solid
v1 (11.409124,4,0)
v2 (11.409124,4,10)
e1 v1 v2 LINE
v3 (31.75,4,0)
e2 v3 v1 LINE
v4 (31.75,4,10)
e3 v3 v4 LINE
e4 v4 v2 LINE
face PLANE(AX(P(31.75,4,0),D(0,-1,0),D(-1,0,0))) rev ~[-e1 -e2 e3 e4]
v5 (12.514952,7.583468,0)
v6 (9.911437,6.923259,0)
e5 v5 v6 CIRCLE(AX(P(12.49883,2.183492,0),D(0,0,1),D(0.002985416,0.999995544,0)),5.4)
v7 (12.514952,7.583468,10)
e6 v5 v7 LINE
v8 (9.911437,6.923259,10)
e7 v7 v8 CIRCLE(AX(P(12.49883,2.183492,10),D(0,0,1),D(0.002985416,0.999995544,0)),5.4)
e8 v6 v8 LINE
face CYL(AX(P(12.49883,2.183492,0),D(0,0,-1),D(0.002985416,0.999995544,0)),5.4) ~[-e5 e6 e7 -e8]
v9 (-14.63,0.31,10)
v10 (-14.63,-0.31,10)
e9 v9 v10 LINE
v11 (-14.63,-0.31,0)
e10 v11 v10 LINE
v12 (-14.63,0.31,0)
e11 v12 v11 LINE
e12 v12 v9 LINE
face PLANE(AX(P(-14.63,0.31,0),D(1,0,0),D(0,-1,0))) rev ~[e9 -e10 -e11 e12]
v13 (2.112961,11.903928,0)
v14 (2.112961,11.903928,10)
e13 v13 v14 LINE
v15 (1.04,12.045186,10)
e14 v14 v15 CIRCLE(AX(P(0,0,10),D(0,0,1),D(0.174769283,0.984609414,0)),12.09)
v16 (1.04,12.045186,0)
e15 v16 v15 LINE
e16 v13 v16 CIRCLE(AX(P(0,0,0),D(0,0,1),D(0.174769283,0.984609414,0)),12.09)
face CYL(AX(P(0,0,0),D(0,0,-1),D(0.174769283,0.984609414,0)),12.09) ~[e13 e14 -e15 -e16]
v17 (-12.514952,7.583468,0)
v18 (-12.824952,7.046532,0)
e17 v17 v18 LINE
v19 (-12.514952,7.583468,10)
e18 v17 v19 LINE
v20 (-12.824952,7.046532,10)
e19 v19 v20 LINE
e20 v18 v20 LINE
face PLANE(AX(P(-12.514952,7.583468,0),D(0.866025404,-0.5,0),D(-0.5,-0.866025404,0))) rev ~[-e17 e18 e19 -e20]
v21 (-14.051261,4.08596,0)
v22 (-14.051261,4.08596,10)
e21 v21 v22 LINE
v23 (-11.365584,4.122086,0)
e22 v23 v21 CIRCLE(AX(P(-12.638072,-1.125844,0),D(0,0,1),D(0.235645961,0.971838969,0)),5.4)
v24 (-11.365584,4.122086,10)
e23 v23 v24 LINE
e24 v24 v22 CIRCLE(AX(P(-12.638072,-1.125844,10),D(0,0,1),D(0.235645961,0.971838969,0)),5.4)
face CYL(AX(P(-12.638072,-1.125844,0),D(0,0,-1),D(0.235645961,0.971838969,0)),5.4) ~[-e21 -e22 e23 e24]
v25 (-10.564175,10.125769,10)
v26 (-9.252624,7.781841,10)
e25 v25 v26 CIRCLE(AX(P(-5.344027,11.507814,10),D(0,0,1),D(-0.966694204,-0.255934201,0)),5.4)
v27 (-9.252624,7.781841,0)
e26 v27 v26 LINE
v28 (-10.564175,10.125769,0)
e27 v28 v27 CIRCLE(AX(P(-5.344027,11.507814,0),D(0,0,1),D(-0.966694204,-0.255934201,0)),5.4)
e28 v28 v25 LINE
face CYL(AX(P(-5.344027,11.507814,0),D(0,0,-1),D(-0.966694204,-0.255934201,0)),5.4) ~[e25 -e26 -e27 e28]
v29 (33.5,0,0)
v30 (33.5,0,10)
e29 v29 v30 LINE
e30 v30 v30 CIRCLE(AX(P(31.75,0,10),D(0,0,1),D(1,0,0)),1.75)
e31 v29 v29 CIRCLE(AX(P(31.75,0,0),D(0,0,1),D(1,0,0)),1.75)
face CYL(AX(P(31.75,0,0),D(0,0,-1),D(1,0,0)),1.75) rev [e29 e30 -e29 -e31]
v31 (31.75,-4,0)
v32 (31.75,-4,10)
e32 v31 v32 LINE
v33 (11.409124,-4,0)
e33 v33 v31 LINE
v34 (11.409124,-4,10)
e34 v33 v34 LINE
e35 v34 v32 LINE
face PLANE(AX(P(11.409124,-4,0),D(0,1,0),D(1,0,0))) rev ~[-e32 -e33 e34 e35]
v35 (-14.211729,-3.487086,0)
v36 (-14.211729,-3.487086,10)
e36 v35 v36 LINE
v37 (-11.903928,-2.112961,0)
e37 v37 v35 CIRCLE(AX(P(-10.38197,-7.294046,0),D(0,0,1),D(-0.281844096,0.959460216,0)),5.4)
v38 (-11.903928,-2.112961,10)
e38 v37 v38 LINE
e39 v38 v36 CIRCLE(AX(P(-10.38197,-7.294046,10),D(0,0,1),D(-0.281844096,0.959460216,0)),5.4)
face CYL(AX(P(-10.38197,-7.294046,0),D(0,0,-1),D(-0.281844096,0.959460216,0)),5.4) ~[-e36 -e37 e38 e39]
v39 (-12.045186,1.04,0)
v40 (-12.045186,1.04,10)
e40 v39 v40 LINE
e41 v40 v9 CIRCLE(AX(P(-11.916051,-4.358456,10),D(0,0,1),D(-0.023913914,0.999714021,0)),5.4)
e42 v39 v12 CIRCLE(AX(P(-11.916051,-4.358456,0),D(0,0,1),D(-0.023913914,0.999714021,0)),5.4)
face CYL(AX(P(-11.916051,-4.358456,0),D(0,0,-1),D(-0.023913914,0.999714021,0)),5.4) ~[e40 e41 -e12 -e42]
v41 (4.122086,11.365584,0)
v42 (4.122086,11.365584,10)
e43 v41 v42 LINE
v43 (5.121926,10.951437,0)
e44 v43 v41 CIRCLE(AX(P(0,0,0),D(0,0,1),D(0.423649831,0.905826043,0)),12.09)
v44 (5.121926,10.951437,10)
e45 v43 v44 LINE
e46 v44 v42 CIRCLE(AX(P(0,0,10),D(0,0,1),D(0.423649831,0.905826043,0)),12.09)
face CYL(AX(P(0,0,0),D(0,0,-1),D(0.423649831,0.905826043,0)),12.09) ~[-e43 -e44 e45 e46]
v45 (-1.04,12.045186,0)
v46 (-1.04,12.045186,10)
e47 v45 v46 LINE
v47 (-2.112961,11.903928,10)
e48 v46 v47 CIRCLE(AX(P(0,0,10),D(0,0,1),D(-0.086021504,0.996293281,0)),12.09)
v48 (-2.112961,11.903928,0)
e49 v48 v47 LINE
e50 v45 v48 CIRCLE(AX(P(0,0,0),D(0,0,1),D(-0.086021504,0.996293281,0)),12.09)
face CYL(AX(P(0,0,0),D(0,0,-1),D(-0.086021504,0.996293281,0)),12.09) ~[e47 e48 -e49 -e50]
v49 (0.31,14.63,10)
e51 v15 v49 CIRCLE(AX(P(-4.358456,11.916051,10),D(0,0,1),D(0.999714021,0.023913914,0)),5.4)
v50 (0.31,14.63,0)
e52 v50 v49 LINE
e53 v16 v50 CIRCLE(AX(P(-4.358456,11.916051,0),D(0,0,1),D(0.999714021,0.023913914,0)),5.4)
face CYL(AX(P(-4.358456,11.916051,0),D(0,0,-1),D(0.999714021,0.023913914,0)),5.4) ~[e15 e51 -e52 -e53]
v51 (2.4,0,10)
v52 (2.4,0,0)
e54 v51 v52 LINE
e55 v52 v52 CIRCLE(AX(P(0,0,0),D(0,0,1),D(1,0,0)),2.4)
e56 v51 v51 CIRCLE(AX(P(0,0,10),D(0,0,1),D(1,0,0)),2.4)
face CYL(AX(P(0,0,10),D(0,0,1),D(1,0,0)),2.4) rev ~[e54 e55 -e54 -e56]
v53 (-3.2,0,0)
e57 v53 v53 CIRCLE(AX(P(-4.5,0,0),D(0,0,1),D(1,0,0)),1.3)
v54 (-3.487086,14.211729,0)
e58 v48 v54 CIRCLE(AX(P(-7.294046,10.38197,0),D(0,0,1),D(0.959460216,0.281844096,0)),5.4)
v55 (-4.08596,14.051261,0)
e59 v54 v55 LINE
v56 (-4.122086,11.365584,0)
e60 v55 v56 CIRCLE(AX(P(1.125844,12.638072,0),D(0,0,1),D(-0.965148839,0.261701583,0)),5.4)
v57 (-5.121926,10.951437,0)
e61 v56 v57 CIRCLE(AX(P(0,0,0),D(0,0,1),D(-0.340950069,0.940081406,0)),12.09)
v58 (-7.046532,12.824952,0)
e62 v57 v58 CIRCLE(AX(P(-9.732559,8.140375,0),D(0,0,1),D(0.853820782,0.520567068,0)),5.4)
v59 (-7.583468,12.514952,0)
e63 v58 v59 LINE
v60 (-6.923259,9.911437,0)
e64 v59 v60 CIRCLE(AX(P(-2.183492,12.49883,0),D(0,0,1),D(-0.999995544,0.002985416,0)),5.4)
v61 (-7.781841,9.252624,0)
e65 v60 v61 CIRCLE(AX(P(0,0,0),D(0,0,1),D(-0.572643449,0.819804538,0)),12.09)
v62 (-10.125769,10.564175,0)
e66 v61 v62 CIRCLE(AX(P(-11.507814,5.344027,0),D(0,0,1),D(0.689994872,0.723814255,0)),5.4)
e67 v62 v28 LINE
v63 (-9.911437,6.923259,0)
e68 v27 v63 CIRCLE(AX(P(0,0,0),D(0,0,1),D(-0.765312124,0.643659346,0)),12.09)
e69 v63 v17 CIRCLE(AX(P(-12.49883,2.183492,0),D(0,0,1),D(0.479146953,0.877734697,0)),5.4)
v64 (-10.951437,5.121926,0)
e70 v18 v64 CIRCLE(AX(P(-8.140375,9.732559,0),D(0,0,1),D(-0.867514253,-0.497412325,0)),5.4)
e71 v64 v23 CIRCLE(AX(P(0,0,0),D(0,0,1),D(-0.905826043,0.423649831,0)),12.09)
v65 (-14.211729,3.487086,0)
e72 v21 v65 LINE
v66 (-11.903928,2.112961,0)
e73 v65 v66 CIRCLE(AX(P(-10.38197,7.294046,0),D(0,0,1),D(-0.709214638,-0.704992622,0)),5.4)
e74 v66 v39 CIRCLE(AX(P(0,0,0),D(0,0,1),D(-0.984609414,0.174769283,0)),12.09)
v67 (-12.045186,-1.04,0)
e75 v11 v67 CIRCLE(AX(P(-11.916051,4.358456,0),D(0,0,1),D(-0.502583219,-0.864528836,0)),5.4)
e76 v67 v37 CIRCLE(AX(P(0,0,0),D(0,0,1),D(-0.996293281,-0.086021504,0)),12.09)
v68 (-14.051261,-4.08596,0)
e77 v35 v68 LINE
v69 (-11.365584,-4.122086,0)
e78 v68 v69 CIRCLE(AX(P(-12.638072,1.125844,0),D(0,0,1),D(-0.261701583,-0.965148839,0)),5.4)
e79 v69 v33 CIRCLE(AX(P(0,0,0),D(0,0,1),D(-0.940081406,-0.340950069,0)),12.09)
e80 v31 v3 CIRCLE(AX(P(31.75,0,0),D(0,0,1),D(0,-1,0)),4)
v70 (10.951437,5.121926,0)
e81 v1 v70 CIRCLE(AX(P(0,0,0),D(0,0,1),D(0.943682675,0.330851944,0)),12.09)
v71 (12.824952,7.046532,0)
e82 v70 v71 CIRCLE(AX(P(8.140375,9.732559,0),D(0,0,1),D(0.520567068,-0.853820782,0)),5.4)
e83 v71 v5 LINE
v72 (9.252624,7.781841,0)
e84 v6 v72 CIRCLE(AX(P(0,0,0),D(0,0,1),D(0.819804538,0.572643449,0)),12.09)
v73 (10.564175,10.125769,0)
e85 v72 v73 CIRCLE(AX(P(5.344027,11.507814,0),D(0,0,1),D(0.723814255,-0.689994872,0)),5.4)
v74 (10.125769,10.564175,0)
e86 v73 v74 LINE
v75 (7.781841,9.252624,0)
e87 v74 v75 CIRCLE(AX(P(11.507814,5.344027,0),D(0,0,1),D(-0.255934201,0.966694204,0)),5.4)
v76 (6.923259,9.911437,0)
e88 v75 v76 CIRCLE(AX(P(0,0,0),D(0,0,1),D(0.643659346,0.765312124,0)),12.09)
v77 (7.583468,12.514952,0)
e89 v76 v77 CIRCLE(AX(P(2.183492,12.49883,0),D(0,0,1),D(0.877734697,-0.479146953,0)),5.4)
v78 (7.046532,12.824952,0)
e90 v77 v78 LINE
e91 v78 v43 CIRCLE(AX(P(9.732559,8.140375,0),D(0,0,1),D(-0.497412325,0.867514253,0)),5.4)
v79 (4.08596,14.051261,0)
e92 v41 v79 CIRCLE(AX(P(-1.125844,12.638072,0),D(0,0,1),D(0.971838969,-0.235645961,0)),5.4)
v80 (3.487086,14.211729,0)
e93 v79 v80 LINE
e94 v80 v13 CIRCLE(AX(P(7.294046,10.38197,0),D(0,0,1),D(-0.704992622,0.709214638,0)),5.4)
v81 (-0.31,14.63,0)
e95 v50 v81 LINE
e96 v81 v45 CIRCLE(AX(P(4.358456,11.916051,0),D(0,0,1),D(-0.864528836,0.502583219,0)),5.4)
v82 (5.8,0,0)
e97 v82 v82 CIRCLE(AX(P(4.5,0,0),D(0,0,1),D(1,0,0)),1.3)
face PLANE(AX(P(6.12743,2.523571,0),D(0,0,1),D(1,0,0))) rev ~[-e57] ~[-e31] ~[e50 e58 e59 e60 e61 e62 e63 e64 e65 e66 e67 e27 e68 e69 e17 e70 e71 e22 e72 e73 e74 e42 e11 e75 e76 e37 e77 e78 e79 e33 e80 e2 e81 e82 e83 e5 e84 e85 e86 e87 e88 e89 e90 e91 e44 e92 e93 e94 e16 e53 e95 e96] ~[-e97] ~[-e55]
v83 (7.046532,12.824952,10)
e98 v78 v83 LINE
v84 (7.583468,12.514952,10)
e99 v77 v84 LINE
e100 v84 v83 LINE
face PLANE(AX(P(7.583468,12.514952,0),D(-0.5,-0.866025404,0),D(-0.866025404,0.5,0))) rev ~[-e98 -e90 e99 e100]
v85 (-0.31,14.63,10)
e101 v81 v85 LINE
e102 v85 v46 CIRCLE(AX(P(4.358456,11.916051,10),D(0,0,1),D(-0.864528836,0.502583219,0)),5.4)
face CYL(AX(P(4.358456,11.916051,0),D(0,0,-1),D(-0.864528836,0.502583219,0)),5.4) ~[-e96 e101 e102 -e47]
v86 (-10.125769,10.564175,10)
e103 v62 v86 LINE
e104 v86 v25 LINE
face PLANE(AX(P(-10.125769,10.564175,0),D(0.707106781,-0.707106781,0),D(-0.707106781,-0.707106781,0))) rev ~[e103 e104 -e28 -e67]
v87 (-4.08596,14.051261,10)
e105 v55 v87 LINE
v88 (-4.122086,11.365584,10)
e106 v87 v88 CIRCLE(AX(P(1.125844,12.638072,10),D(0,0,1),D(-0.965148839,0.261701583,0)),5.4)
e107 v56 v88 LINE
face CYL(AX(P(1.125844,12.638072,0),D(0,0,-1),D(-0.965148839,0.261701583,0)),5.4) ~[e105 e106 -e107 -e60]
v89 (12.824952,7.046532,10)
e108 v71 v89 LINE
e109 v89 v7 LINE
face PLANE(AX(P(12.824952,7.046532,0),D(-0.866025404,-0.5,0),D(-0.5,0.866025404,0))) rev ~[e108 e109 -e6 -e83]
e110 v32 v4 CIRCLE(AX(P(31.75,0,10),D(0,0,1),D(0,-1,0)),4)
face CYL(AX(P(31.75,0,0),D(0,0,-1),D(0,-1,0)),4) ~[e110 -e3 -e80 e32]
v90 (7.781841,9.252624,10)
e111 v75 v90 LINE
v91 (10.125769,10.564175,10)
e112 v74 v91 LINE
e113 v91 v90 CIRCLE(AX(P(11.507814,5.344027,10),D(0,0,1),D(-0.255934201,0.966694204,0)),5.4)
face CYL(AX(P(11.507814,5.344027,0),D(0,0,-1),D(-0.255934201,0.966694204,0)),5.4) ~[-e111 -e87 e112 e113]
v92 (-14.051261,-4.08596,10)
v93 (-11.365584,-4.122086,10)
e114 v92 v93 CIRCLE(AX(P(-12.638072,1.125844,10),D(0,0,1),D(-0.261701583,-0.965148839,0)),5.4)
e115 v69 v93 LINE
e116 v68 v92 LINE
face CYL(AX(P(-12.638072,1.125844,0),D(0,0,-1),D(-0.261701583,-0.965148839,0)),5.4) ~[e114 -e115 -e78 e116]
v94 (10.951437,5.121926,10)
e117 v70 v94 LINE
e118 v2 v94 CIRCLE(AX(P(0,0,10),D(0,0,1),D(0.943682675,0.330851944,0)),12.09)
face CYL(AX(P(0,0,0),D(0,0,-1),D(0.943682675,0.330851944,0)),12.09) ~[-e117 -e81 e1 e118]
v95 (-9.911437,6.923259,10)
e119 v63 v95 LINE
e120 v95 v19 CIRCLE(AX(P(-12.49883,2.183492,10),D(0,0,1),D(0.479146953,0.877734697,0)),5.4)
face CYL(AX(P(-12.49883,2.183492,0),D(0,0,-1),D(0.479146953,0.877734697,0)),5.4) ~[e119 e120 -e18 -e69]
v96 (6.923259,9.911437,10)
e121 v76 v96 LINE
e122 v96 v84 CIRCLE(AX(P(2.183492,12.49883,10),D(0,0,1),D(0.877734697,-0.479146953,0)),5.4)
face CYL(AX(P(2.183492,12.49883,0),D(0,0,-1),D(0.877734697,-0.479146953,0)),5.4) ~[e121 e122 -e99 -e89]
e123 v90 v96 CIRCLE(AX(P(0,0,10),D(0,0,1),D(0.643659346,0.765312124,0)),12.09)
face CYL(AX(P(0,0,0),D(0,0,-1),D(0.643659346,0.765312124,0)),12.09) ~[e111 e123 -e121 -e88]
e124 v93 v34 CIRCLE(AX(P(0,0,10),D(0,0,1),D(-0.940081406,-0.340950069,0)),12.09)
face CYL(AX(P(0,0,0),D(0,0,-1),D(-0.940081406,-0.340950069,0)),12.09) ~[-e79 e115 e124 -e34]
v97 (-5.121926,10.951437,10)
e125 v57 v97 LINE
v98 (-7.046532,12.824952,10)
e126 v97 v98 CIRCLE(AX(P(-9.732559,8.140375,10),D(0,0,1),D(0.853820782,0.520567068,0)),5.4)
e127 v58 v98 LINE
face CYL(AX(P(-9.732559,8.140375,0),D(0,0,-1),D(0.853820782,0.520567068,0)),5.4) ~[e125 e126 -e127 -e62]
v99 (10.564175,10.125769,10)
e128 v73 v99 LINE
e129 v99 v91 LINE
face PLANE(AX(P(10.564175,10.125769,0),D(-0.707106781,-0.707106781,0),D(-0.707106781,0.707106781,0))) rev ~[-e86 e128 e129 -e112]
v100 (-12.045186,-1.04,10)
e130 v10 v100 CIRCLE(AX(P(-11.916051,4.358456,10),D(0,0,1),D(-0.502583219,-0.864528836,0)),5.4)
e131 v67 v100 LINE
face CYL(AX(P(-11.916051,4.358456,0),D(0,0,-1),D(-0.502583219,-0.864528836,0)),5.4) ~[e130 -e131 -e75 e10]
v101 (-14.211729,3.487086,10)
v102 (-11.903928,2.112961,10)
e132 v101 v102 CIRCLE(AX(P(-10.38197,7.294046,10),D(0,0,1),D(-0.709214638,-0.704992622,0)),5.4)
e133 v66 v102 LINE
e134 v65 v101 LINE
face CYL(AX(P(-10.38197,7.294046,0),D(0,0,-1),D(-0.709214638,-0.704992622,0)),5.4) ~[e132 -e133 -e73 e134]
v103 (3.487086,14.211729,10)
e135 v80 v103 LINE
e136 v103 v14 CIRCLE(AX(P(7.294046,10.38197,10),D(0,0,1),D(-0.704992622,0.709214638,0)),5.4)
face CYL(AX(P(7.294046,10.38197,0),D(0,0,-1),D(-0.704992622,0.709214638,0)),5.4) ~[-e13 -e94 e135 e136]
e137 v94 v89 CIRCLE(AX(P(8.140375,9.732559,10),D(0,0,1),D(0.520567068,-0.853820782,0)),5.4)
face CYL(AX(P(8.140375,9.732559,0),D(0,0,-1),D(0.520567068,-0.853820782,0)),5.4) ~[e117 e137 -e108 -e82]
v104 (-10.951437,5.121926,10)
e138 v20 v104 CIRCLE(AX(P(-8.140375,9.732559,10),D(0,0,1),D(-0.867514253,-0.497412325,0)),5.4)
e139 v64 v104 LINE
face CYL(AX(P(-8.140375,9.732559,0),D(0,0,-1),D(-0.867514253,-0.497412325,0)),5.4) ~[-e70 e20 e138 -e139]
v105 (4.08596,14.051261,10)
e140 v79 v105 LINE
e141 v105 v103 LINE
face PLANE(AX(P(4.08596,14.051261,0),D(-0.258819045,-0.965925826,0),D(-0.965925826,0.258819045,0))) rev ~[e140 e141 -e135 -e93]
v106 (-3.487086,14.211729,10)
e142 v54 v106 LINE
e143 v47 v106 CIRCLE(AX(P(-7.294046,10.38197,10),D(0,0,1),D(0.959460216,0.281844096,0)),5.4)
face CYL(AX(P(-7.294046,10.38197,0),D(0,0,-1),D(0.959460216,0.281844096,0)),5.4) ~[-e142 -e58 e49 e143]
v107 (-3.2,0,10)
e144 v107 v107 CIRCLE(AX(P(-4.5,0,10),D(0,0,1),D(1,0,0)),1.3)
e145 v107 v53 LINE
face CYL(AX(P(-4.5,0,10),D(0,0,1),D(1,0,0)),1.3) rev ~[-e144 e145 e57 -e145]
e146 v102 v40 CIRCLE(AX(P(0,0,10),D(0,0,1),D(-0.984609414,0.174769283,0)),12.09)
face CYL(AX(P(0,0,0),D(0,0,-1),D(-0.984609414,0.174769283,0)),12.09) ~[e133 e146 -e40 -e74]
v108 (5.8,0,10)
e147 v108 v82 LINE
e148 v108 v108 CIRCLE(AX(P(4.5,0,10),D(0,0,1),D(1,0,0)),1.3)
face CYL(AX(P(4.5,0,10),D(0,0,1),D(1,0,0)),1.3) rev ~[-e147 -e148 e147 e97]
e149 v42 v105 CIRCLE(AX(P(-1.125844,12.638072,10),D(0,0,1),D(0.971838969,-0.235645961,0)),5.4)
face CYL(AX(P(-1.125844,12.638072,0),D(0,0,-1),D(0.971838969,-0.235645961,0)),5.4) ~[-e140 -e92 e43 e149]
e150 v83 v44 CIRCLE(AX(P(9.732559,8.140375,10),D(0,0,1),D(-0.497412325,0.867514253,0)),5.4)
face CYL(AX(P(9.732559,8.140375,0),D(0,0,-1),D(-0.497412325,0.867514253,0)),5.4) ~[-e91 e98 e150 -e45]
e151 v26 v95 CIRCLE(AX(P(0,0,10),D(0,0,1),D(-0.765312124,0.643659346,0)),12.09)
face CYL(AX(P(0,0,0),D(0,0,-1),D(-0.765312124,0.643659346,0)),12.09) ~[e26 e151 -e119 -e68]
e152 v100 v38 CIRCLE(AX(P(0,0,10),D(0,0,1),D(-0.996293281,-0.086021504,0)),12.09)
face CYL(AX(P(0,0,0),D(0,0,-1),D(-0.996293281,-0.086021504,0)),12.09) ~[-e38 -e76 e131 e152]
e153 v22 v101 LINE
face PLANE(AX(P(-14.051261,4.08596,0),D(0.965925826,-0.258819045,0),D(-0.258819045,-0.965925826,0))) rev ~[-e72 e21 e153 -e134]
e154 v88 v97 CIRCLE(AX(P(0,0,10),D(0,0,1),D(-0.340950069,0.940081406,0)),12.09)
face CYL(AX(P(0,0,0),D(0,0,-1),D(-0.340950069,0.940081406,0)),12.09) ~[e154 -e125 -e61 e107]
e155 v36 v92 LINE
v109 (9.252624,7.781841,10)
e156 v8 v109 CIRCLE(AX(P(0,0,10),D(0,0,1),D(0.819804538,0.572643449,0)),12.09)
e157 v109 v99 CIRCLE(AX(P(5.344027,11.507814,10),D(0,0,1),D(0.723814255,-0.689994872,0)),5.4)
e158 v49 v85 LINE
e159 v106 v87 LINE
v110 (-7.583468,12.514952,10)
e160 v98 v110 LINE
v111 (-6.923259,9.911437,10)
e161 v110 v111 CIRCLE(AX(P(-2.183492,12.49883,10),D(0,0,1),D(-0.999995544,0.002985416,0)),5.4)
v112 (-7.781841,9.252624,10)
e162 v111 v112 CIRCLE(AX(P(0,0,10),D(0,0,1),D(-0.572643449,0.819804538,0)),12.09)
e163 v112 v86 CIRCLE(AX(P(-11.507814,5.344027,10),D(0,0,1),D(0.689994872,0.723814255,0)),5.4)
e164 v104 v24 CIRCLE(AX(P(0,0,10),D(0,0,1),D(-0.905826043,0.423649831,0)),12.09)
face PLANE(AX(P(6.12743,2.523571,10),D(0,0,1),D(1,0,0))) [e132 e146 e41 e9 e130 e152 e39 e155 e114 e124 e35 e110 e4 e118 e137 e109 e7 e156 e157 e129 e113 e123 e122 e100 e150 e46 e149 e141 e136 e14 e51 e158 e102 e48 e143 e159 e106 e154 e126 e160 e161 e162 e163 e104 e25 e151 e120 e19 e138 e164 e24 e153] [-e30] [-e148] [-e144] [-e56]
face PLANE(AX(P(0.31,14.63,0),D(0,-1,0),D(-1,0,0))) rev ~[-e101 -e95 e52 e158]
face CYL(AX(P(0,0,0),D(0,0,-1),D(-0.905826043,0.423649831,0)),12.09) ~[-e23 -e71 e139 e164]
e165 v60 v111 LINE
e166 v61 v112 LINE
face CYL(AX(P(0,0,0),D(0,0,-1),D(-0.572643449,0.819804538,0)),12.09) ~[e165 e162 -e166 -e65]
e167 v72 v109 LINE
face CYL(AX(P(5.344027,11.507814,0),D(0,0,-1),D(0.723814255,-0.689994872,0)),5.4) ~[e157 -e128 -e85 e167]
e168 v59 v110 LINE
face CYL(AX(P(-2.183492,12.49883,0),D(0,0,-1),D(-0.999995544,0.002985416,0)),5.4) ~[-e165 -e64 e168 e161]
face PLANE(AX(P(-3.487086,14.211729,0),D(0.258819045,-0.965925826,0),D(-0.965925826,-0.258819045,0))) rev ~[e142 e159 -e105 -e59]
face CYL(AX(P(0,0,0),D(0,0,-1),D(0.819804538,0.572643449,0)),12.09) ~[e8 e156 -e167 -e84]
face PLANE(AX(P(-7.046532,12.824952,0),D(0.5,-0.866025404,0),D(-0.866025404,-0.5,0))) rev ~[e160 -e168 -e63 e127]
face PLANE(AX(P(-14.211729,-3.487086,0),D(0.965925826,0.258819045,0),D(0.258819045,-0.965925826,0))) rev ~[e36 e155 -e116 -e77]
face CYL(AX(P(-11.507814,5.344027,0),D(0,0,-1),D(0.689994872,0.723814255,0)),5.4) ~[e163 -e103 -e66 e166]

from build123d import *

# Parameters (mm, degrees)
SKETCH1_R           = 1.75
BOSS_EXTRUDE1_DEPTH = 10
SKETCH2_R           = 1.3
SKETCH2_R_2         = 2.4
CUT_EXTRUDE2_DEPTH  = 40.901120285


with BuildPart() as part:
    # Sketch1 → Boss-Extrude1 (new body)
    with BuildSketch(Plane.XY):
        with BuildLine():
            Line((0.31, 14.63), (-0.31, 14.63))
            ThreePointArc((-0.31, 14.63), (-0.838273314, 13.383704325), (-1.04, 12.04518576))
            ThreePointArc((-1.04, 12.04518576), (-1.578061664, 11.986568374), (-2.112960617, 11.903927815))
            ThreePointArc((-2.112960617, 11.903927815), (-2.65424773, 13.144626757), (-3.487085624, 14.211728743))
            Line((-3.487085624, 14.211728743), (-4.085959636, 14.051260935))
            ThreePointArc((-4.085959636, 14.051260935), (-4.273667417, 12.71070456), (-4.122086336, 11.365584201))
            ThreePointArc((-4.122086336, 11.365584201), (-4.626642697, 11.169703548), (-5.12192646, 10.951436862))
            ThreePointArc((-5.12192646, 10.951436862), (-5.965886177, 12.009764599), (-7.046532125, 12.824951657))
            Line((-7.046532125, 12.824951657), (-7.583467875, 12.514951657))
            ThreePointArc((-7.583467875, 12.514951657), (-7.417818147, 11.171491285), (-6.9232593, 9.911436862))
            ThreePointArc((-6.9232593, 9.911436862), (-7.359925677, 9.591641884), (-7.781841479, 9.252623584))
            ThreePointArc((-7.781841479, 9.252623584), (-8.870959341, 10.05645683), (-10.125769107, 10.564175311))
            Line((-10.125769107, 10.564175311), (-10.564175311, 10.125769107))
            ThreePointArc((-10.564175311, 10.125769107), (-10.05645683, 8.870959341), (-9.252623584, 7.781841479))
            ThreePointArc((-9.252623584, 7.781841479), (-9.591641884, 7.359925677), (-9.911436862, 6.9232593))
            ThreePointArc((-9.911436862, 6.9232593), (-11.171491285, 7.417818147), (-12.514951657, 7.583467875))
            Line((-12.514951657, 7.583467875), (-12.824951657, 7.046532125))
            ThreePointArc((-12.824951657, 7.046532125), (-12.009764599, 5.965886177), (-10.951436862, 5.12192646))
            ThreePointArc((-10.951436862, 5.12192646), (-11.169703548, 4.626642697), (-11.365584201, 4.122086336))
            ThreePointArc((-11.365584201, 4.122086336), (-12.71070456, 4.273667417), (-14.051260935, 4.085959636))
            Line((-14.051260935, 4.085959636), (-14.211728743, 3.487085624))
            ThreePointArc((-14.211728743, 3.487085624), (-13.144626757, 2.65424773), (-11.903927815, 2.112960617))
            ThreePointArc((-11.903927815, 2.112960617), (-11.986568374, 1.578061664), (-12.04518576, 1.04))
            ThreePointArc((-12.04518576, 1.04), (-13.383704325, 0.838273314), (-14.63, 0.31))
            Line((-14.63, 0.31), (-14.63, -0.31))
            ThreePointArc((-14.63, -0.31), (-13.383704325, -0.838273314), (-12.04518576, -1.04))
            ThreePointArc((-12.04518576, -1.04), (-11.986568374, -1.578061664), (-11.903927815, -2.112960617))
            ThreePointArc((-11.903927815, -2.112960617), (-13.144626757, -2.65424773), (-14.211728743, -3.487085624))
            Line((-14.211728743, -3.487085624), (-14.051260935, -4.085959636))
            ThreePointArc((-14.051260935, -4.085959636), (-12.71070456, -4.273667417), (-11.365584201, -4.122086336))
            ThreePointArc((-11.365584201, -4.122086336), (0.064808849, -12.089826294), (11.409123542, -4))
            Line((11.409123542, -4), (31.75, -4))
            ThreePointArc((31.75, -4), (35.75, 0), (31.75, 4))
            Line((31.75, 4), (11.409123542, 4))
            ThreePointArc((11.409123542, 4), (11.194344337, 4.566700654), (10.951436862, 5.12192646))
            ThreePointArc((10.951436862, 5.12192646), (12.009764599, 5.965886177), (12.824951657, 7.046532125))
            Line((12.824951657, 7.046532125), (12.514951657, 7.583467875))
            ThreePointArc((12.514951657, 7.583467875), (11.171491285, 7.417818147), (9.911436862, 6.9232593))
            ThreePointArc((9.911436862, 6.9232593), (9.591641884, 7.359925677), (9.252623584, 7.781841479))
            ThreePointArc((9.252623584, 7.781841479), (10.05645683, 8.870959341), (10.564175311, 10.125769107))
            Line((10.564175311, 10.125769107), (10.125769107, 10.564175311))
            ThreePointArc((10.125769107, 10.564175311), (8.870959341, 10.05645683), (7.781841479, 9.252623584))
            ThreePointArc((7.781841479, 9.252623584), (7.359925677, 9.591641884), (6.9232593, 9.911436862))
            ThreePointArc((6.9232593, 9.911436862), (7.417818147, 11.171491285), (7.583467875, 12.514951657))
            Line((7.583467875, 12.514951657), (7.046532125, 12.824951657))
            ThreePointArc((7.046532125, 12.824951657), (5.965886177, 12.009764599), (5.12192646, 10.951436862))
            ThreePointArc((5.12192646, 10.951436862), (4.626642697, 11.169703548), (4.122086336, 11.365584201))
            ThreePointArc((4.122086336, 11.365584201), (4.273667417, 12.71070456), (4.085959636, 14.051260935))
            Line((4.085959636, 14.051260935), (3.487085624, 14.211728743))
            ThreePointArc((3.487085624, 14.211728743), (2.65424773, 13.144626757), (2.112960617, 11.903927815))
            ThreePointArc((2.112960617, 11.903927815), (1.578061664, 11.986568374), (1.04, 12.04518576))
            ThreePointArc((1.04, 12.04518576), (0.838273314, 13.383704325), (0.31, 14.63))
        make_face()
        Circle(SKETCH1_R, mode=Mode.SUBTRACT)
        with Locations((31.75, 0)):
            Circle(SKETCH1_R, mode=Mode.SUBTRACT)
    extrude(amount=BOSS_EXTRUDE1_DEPTH)

    # Sketch2 → Cut-Extrude2 (cut, through all)
    with BuildSketch(Plane.XY.offset(10)):
        with Locations((-4.5, 0)):
            Circle(SKETCH2_R)
        with Locations((4.5, 0)):
            Circle(SKETCH2_R)
        Circle(SKETCH2_R_2)
    extrude(amount=-CUT_EXTRUDE2_DEPTH, mode=Mode.SUBTRACT)


solid = part.part
